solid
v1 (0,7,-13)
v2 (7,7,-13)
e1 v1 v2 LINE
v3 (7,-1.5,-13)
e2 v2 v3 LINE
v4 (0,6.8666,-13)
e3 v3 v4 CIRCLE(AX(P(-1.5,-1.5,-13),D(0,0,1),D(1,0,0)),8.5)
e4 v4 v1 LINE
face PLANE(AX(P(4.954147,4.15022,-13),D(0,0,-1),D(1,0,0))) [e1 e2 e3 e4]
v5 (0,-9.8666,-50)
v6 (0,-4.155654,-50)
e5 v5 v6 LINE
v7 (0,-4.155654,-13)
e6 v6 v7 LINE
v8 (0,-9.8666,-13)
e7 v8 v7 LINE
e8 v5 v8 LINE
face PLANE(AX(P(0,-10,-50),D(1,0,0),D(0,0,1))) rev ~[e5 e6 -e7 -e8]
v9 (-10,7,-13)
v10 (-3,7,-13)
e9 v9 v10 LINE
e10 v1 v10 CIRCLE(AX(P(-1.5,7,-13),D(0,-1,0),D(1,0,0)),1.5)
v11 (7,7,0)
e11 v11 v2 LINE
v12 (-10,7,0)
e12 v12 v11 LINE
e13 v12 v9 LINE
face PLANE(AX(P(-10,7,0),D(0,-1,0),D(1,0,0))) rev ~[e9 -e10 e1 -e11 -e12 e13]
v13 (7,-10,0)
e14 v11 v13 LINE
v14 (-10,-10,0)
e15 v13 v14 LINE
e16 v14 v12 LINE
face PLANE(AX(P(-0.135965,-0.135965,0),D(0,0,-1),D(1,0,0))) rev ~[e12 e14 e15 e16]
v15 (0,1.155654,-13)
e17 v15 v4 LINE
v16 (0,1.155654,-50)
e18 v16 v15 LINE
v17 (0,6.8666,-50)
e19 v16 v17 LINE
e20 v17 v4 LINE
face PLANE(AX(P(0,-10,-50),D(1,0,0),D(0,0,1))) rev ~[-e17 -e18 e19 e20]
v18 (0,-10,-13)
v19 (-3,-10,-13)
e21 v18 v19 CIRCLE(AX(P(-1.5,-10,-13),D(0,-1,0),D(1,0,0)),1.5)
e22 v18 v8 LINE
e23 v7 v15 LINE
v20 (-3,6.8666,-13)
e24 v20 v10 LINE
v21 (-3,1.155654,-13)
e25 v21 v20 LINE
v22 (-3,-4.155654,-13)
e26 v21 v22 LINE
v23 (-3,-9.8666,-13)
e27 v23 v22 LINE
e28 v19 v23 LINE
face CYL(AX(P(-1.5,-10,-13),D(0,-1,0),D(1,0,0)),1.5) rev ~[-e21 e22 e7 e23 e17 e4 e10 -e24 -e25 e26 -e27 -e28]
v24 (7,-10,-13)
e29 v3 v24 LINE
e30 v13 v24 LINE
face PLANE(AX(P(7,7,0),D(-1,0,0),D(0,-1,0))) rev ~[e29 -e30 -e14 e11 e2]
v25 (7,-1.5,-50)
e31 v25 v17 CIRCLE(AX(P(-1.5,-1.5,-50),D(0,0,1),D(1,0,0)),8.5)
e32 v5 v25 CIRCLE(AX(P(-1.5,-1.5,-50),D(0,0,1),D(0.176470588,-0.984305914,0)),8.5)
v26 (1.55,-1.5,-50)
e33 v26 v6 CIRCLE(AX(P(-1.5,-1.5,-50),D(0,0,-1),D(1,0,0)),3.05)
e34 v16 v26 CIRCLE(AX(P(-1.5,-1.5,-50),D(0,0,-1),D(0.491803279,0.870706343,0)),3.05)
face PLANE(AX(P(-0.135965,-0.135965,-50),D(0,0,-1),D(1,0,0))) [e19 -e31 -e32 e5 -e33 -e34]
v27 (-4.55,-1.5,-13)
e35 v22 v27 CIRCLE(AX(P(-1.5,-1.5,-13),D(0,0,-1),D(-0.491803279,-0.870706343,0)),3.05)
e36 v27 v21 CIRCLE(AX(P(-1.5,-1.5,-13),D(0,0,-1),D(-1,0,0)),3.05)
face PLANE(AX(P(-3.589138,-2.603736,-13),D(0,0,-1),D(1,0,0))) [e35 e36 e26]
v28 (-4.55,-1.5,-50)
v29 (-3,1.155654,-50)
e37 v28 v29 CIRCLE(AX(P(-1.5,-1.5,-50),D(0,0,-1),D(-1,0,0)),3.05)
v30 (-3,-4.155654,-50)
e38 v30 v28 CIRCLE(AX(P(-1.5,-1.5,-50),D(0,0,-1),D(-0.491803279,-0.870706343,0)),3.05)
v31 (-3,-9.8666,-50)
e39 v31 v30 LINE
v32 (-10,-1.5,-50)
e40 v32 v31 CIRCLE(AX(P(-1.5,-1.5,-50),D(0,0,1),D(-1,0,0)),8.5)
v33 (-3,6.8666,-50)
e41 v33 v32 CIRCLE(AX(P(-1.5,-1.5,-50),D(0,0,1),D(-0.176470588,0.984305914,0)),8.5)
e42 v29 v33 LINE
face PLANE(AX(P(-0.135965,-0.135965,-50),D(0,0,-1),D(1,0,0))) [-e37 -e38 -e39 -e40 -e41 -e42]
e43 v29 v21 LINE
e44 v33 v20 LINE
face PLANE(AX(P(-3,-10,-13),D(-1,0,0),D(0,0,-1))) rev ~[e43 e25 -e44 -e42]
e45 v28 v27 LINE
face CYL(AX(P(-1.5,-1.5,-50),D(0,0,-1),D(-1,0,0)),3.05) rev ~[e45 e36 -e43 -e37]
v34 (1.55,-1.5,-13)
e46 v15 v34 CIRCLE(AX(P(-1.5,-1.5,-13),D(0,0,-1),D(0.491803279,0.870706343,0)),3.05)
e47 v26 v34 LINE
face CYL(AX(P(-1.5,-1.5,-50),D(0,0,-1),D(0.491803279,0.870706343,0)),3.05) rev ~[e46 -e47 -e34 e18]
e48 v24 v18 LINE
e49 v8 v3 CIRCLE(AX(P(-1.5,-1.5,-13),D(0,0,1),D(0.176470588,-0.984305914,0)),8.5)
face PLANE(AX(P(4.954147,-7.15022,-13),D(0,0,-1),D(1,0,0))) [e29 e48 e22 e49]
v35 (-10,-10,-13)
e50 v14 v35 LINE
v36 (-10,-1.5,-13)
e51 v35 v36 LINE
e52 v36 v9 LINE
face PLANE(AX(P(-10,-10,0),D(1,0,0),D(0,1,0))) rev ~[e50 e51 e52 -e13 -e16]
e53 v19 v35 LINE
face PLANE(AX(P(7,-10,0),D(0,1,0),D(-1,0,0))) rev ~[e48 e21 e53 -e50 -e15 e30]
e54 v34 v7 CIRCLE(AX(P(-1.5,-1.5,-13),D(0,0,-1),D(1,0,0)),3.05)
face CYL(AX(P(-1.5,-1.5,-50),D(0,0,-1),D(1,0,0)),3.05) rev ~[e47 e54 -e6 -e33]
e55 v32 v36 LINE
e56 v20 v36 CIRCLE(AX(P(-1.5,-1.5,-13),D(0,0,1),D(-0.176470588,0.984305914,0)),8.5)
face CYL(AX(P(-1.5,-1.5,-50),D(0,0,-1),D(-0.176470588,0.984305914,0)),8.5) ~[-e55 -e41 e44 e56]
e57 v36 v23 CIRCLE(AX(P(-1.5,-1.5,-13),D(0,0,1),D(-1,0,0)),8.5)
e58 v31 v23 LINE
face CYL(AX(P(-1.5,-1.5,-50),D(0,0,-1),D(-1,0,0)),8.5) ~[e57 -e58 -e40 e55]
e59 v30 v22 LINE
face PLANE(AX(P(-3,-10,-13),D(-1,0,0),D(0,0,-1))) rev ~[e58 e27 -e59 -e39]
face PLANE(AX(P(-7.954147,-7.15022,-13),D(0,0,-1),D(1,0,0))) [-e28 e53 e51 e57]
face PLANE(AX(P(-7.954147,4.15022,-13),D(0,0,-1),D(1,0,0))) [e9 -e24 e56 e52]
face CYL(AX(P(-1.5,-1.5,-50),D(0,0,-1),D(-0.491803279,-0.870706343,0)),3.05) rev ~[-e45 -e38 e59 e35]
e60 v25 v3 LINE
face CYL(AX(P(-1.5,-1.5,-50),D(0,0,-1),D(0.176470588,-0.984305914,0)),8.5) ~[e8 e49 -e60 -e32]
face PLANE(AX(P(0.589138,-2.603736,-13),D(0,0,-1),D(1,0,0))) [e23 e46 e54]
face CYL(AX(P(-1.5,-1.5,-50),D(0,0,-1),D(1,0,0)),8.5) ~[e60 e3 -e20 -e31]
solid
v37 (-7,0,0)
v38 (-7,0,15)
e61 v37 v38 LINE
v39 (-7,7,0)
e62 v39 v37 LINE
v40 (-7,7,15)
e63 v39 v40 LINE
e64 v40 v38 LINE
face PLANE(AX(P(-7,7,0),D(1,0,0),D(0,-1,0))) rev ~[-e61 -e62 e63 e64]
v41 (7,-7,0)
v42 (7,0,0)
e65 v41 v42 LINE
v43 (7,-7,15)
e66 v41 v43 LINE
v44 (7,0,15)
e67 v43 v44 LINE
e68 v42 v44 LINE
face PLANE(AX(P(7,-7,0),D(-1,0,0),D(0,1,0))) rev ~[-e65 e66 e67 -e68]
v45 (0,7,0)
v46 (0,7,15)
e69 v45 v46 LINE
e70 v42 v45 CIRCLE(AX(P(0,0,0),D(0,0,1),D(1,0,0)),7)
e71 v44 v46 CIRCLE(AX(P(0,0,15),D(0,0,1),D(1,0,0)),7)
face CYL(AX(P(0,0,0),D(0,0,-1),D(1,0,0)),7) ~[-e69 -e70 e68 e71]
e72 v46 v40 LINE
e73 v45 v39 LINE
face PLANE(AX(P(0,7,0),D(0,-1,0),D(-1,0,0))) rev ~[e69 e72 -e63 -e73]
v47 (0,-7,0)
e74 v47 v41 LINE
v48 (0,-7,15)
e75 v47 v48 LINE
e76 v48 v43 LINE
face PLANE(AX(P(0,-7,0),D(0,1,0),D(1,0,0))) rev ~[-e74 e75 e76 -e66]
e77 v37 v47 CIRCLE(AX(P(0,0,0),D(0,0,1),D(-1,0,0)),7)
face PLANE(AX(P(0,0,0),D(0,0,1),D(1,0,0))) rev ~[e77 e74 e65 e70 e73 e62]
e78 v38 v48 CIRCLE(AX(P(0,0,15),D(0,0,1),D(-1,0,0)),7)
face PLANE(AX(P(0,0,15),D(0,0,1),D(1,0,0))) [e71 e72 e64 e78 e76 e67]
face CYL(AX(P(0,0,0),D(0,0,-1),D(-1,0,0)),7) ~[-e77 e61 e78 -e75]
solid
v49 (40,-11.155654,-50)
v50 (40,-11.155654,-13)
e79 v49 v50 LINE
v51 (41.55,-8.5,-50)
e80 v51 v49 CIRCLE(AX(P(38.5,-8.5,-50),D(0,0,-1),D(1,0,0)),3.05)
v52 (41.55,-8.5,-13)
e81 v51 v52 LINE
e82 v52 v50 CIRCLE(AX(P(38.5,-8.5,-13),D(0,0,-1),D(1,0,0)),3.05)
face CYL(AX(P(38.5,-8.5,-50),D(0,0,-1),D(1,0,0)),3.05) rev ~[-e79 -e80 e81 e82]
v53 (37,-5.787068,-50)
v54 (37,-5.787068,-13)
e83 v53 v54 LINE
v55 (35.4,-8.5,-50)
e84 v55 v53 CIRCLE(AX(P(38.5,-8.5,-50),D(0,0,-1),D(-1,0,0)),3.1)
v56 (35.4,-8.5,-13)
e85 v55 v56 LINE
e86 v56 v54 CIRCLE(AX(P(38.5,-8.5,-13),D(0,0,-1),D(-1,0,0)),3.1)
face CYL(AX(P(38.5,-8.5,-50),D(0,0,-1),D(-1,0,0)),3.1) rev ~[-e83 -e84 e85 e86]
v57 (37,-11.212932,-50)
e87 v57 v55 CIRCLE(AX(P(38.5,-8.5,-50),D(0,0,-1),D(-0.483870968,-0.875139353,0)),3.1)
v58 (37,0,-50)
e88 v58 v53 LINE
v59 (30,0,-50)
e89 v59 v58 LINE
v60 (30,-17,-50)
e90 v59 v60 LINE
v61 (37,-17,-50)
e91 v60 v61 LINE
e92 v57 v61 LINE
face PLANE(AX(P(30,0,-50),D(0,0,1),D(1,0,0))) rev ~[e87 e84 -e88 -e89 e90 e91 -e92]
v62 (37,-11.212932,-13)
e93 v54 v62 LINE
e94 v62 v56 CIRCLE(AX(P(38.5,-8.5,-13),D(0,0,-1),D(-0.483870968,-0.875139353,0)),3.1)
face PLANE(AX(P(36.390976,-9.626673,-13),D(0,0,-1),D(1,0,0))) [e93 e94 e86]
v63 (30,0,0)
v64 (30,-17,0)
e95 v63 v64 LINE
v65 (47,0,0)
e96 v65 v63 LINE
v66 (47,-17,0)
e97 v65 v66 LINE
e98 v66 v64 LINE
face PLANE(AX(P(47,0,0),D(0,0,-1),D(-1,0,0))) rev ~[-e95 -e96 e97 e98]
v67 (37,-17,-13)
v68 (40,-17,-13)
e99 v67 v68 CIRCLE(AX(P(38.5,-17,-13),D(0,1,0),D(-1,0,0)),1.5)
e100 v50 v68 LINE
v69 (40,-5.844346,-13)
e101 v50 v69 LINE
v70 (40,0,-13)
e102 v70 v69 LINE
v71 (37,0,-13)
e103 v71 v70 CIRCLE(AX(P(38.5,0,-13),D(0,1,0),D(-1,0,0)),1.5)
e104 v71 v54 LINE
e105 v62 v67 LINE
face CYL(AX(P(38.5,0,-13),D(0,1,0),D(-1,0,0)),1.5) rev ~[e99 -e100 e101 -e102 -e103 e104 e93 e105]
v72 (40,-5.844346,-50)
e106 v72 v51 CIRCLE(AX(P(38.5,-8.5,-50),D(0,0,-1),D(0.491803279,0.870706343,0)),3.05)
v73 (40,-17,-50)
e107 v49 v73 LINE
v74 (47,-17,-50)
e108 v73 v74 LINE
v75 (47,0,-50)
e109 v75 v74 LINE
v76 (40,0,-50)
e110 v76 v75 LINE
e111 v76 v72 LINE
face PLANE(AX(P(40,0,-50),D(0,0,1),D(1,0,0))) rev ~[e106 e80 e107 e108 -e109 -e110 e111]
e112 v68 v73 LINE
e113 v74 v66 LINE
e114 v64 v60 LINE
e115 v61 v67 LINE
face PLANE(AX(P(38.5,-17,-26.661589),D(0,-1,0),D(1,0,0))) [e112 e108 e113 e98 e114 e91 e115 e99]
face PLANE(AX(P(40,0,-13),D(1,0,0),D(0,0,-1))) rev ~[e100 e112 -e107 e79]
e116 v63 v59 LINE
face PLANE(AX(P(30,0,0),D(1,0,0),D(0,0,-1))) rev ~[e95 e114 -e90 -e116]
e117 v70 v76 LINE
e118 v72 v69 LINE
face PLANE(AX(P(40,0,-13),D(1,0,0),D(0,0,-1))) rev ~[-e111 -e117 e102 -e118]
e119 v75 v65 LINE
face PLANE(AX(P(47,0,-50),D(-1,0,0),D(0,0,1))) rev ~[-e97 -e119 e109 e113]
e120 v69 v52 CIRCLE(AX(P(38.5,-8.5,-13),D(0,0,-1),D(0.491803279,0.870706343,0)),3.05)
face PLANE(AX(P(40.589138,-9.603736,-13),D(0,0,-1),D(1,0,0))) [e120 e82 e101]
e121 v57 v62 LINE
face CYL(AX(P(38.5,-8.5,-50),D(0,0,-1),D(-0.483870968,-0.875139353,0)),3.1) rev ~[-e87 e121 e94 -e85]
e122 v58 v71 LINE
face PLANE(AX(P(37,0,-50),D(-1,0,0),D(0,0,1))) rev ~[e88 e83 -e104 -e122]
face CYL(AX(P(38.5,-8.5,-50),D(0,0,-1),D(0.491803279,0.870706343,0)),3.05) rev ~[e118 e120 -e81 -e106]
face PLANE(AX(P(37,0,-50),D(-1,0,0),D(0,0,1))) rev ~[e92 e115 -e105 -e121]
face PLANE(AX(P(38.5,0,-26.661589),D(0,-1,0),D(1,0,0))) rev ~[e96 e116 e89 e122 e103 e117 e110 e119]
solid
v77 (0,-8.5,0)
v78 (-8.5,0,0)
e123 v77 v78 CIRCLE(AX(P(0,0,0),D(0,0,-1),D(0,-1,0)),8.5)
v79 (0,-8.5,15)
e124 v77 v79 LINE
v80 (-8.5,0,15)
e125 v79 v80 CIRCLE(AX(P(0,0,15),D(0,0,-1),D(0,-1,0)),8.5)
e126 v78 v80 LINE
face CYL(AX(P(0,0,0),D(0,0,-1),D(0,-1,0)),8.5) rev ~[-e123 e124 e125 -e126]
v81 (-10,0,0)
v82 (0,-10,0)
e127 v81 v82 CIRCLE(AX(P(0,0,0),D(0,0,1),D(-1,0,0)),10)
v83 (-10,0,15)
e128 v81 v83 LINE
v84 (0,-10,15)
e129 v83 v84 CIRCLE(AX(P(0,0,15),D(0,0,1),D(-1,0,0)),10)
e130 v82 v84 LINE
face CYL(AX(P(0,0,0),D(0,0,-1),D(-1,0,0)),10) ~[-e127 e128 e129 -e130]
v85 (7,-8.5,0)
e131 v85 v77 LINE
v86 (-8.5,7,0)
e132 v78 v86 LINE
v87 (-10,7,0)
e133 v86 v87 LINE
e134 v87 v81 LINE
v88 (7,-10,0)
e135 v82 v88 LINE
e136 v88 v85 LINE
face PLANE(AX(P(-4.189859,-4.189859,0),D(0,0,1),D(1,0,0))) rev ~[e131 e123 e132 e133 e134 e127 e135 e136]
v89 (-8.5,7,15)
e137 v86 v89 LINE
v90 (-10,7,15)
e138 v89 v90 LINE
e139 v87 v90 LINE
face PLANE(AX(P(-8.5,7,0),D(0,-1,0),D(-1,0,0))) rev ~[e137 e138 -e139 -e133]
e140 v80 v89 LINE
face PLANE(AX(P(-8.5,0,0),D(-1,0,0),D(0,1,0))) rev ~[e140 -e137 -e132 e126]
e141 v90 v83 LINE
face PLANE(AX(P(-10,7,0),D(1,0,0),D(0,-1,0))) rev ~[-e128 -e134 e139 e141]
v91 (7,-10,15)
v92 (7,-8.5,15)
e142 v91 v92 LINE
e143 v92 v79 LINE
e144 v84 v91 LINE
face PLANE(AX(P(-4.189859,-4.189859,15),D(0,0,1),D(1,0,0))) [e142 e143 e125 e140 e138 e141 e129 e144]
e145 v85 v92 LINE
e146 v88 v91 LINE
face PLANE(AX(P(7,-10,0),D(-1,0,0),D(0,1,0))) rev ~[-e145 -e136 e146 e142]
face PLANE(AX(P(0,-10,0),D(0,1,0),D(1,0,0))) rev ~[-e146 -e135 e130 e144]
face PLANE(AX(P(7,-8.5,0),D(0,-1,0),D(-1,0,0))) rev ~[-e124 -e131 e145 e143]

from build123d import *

# Parameters (mm, degrees)
F1_DEPTH  = 15
F3_DEPTH  = 17
F5_DEPTH  = 37
F7_DEPTH  = 37
F9_DEPTH  = 50
F11_DEPTH = 17
F13_DEPTH = 37
F15_DEPTH = 37
F17_DEPTH = 37
F19_DEPTH = 37


with BuildPart() as f1:
    # F0 (on Top) → F1 (new body)
    with BuildSketch(Plane.XY):
        with BuildLine():
            Line((0, -10), (7, -10))
            Line((7, -10), (7, -8.5))
            Line((7, -8.5), (0, -8.5))
            ThreePointArc((0, -8.5), (-6.0104076401, -6.0104076401), (-8.5, 0))
            Line((-8.5, 0), (-8.5, 7))
            Line((-8.5, 7), (-10, 7))
            Line((-10, 7), (-10, 0))
            ThreePointArc((-10, 0), (-7.0710678119, -7.0710678119), (0, -10))
        make_face()
    extrude(amount=F1_DEPTH)


with BuildPart() as f1b:
    # F0 (on Top) → F1, piece 2 (new body)
    with BuildSketch(Plane.XY):
        with BuildLine():
            Line((0, -7), (7, -7))
            Line((7, -7), (7, 0))
            ThreePointArc((7, 0), (4.9497474683, 4.9497474683), (0, 7))
            Line((0, 7), (-7, 7))
            Line((-7, 7), (-7, 0))
            ThreePointArc((-7, 0), (-4.9497474683, -4.9497474683), (0, -7))
        make_face()
    extrude(amount=F1_DEPTH)


with BuildPart() as f3:
    # F2 (on Front) → F3 (new body)
    with BuildSketch(Plane.XZ):
        with BuildLine():
            Line((47, 0), (30, 0))
            Line((30, 0), (30, -50))
            Line((30, -50), (37, -50))
            Line((37, -50), (37, -13))
            ThreePointArc((37, -13), (38.5, -11.5), (40, -13))
            Line((40, -13), (40, -50))
            Line((40, -50), (47, -50))
            Line((47, -50), (47, 0))
        make_face()
    extrude(amount=F3_DEPTH)

    # F4 (on face) → F5 (cut)
    with BuildSketch(Plane(origin=(0, 0, -50), x_dir=(1, 0, 0), z_dir=(0, 0, -1))):
        with BuildLine():
            ThreePointArc((37, 11.2129319933), (35.8297940154, 10.0748015748), (35.4, 8.5))
            Line((35.4, 8.5), (37, 8.5))
            Line((37, 8.5), (37, 11.2129319933))
        make_face()
        with BuildLine():
            Line((37, 8.5), (35.4, 8.5))
            ThreePointArc((35.4, 8.5), (35.8297940154, 6.9251984252), (37, 5.7870680067))
            Line((37, 5.7870680067), (37, 8.5))
        make_face()
    extrude(amount=-F5_DEPTH, mode=Mode.SUBTRACT)

    # F6 (on face) → F7 (cut)
    with BuildSketch(Plane(origin=(0, 0, -50), x_dir=(1, 0, 0), z_dir=(0, 0, -1))):
        with BuildLine():
            Line((40, 8.5), (41.55, 8.5))
            ThreePointArc((41.55, 8.5), (41.134150717, 10.0374491862), (40, 11.155654345))
            Line((40, 11.155654345), (40, 8.5))
        make_face()
        with BuildLine():
            ThreePointArc((40, 5.844345655), (41.134150717, 6.9625508138), (41.55, 8.5))
            Line((41.55, 8.5), (40, 8.5))
            Line((40, 8.5), (40, 5.844345655))
        make_face()
    extrude(amount=-F7_DEPTH, mode=Mode.SUBTRACT)


with BuildPart() as f9:
    # F8 (on face) → F9 (new body)
    with BuildSketch(Plane(origin=(0, 0, 0), x_dir=(1, 0, 0), z_dir=(0, 0, -1))):
        with BuildLine():
            Line((7, -7), (7, 8.5))
            Line((7, 8.5), (0, 8.5))
            ThreePointArc((0, 8.5), (-6.0104076401, 6.0104076401), (-8.5, 0))
            Line((-8.5, 0), (-8.5, -7))
            Line((-8.5, -7), (7, -7))
        make_face()
        with BuildLine():
            ThreePointArc((-10, 0), (-7.0710678119, 7.0710678119), (0, 10))
            Line((0, 10), (-10, 10))
            Line((-10, 10), (-10, 0))
        make_face()
        with BuildLine():
            Line((7, 8.5), (7, 10))
            Line((7, 10), (0, 10))
            ThreePointArc((0, 10), (-7.0710678119, 7.0710678119), (-10, 0))
            Line((-10, 0), (-10, -7))
            Line((-10, -7), (-8.5, -7))
            Line((-8.5, -7), (-8.5, 0))
            ThreePointArc((-8.5, 0), (-6.0104076401, 6.0104076401), (0, 8.5))
            Line((0, 8.5), (7, 8.5))
        make_face()
    extrude(amount=F9_DEPTH)

    # F10 (on face) → F11 (cut)
    with BuildSketch(Plane.XZ.offset(10)):
        with BuildLine():
            Line((-3, -13), (0, -13))
            ThreePointArc((0, -13), (-1.5, -11.5), (-3, -13))
        make_face()
        Polygon((-3, -50), (-1.5, -50), (0, -50), (0, -13), (-3, -13), align=None)
    extrude(amount=-F11_DEPTH, mode=Mode.SUBTRACT)

    # F12 (on face) → F13 (cut)
    with BuildSketch(Plane(origin=(0, 0, -50), x_dir=(1, 0, 0), z_dir=(0, 0, -1))):
        with BuildLine():
            ThreePointArc((-3, 4.155654345), (-4.134150717, 3.0374491862), (-4.55, 1.5))
            Line((-4.55, 1.5), (-3, 1.5))
            Line((-3, 1.5), (-3, 4.155654345))
        make_face()
        with BuildLine():
            Line((-3, 1.5), (-4.55, 1.5))
            ThreePointArc((-4.55, 1.5), (-4.134150717, -0.0374491862), (-3, -1.155654345))
            Line((-3, -1.155654345), (-3, 1.5))
        make_face()
    extrude(amount=-F13_DEPTH, mode=Mode.SUBTRACT)

    # F14 (on face) → F15 (cut)
    with BuildSketch(Plane(origin=(0, 0, -50), x_dir=(1, 0, 0), z_dir=(0, 0, -1))):
        with BuildLine():
            Line((0, 1.5), (1.55, 1.5))
            ThreePointArc((1.55, 1.5), (1.134150717, 3.0374491862), (0, 4.155654345))
            Line((0, 4.155654345), (0, 1.5))
        make_face()
        with BuildLine():
            ThreePointArc((0, -1.155654345), (1.134150717, -0.0374491862), (1.55, 1.5))
            Line((1.55, 1.5), (0, 1.5))
            Line((0, 1.5), (0, -1.155654345))
        make_face()
    extrude(amount=-F15_DEPTH, mode=Mode.SUBTRACT)

    # F16 (on face) → F17 (cut)
    with BuildSketch(Plane(origin=(0, 0, -50), x_dir=(1, 0, 0), z_dir=(0, 0, -1))):
        with BuildLine():
            Line((-10, 10), (-10, 1.5))
            ThreePointArc((-10, 1.5), (-8.0192024052, 6.9543560573), (-3, 9.8666002653))
            Line((-3, 9.8666002653), (-3, 10))
            Line((-3, 10), (-10, 10))
        make_face()
        with BuildLine():
            ThreePointArc((-3, -6.8666002653), (-8.0192024052, -3.9543560573), (-10, 1.5))
            Line((-10, 1.5), (-10, -7))
            Line((-10, -7), (-3, -7))
            Line((-3, -7), (-3, -6.8666002653))
        make_face()
    extrude(amount=-F17_DEPTH, mode=Mode.SUBTRACT)

    # F18 (on face) → F19 (cut)
    with BuildSketch(Plane(origin=(0, 0, -50), x_dir=(1, 0, 0), z_dir=(0, 0, -1))):
        with BuildLine():
            ThreePointArc((0, 9.8666002653), (5.0192024052, 6.9543560573), (7, 1.5))
            Line((7, 1.5), (7, 10))
            Line((7, 10), (0, 10))
            Line((0, 10), (0, 9.8666002653))
        make_face()
        with BuildLine():
            Line((7, -7), (7, 1.5))
            ThreePointArc((7, 1.5), (5.0192024052, -3.9543560573), (0, -6.8666002653))
            Line((0, -6.8666002653), (0, -7))
            Line((0, -7), (7, -7))
        make_face()
    extrude(amount=-F19_DEPTH, mode=Mode.SUBTRACT)


solid = Compound([f1.part, f1b.part, f3.part, f9.part])
